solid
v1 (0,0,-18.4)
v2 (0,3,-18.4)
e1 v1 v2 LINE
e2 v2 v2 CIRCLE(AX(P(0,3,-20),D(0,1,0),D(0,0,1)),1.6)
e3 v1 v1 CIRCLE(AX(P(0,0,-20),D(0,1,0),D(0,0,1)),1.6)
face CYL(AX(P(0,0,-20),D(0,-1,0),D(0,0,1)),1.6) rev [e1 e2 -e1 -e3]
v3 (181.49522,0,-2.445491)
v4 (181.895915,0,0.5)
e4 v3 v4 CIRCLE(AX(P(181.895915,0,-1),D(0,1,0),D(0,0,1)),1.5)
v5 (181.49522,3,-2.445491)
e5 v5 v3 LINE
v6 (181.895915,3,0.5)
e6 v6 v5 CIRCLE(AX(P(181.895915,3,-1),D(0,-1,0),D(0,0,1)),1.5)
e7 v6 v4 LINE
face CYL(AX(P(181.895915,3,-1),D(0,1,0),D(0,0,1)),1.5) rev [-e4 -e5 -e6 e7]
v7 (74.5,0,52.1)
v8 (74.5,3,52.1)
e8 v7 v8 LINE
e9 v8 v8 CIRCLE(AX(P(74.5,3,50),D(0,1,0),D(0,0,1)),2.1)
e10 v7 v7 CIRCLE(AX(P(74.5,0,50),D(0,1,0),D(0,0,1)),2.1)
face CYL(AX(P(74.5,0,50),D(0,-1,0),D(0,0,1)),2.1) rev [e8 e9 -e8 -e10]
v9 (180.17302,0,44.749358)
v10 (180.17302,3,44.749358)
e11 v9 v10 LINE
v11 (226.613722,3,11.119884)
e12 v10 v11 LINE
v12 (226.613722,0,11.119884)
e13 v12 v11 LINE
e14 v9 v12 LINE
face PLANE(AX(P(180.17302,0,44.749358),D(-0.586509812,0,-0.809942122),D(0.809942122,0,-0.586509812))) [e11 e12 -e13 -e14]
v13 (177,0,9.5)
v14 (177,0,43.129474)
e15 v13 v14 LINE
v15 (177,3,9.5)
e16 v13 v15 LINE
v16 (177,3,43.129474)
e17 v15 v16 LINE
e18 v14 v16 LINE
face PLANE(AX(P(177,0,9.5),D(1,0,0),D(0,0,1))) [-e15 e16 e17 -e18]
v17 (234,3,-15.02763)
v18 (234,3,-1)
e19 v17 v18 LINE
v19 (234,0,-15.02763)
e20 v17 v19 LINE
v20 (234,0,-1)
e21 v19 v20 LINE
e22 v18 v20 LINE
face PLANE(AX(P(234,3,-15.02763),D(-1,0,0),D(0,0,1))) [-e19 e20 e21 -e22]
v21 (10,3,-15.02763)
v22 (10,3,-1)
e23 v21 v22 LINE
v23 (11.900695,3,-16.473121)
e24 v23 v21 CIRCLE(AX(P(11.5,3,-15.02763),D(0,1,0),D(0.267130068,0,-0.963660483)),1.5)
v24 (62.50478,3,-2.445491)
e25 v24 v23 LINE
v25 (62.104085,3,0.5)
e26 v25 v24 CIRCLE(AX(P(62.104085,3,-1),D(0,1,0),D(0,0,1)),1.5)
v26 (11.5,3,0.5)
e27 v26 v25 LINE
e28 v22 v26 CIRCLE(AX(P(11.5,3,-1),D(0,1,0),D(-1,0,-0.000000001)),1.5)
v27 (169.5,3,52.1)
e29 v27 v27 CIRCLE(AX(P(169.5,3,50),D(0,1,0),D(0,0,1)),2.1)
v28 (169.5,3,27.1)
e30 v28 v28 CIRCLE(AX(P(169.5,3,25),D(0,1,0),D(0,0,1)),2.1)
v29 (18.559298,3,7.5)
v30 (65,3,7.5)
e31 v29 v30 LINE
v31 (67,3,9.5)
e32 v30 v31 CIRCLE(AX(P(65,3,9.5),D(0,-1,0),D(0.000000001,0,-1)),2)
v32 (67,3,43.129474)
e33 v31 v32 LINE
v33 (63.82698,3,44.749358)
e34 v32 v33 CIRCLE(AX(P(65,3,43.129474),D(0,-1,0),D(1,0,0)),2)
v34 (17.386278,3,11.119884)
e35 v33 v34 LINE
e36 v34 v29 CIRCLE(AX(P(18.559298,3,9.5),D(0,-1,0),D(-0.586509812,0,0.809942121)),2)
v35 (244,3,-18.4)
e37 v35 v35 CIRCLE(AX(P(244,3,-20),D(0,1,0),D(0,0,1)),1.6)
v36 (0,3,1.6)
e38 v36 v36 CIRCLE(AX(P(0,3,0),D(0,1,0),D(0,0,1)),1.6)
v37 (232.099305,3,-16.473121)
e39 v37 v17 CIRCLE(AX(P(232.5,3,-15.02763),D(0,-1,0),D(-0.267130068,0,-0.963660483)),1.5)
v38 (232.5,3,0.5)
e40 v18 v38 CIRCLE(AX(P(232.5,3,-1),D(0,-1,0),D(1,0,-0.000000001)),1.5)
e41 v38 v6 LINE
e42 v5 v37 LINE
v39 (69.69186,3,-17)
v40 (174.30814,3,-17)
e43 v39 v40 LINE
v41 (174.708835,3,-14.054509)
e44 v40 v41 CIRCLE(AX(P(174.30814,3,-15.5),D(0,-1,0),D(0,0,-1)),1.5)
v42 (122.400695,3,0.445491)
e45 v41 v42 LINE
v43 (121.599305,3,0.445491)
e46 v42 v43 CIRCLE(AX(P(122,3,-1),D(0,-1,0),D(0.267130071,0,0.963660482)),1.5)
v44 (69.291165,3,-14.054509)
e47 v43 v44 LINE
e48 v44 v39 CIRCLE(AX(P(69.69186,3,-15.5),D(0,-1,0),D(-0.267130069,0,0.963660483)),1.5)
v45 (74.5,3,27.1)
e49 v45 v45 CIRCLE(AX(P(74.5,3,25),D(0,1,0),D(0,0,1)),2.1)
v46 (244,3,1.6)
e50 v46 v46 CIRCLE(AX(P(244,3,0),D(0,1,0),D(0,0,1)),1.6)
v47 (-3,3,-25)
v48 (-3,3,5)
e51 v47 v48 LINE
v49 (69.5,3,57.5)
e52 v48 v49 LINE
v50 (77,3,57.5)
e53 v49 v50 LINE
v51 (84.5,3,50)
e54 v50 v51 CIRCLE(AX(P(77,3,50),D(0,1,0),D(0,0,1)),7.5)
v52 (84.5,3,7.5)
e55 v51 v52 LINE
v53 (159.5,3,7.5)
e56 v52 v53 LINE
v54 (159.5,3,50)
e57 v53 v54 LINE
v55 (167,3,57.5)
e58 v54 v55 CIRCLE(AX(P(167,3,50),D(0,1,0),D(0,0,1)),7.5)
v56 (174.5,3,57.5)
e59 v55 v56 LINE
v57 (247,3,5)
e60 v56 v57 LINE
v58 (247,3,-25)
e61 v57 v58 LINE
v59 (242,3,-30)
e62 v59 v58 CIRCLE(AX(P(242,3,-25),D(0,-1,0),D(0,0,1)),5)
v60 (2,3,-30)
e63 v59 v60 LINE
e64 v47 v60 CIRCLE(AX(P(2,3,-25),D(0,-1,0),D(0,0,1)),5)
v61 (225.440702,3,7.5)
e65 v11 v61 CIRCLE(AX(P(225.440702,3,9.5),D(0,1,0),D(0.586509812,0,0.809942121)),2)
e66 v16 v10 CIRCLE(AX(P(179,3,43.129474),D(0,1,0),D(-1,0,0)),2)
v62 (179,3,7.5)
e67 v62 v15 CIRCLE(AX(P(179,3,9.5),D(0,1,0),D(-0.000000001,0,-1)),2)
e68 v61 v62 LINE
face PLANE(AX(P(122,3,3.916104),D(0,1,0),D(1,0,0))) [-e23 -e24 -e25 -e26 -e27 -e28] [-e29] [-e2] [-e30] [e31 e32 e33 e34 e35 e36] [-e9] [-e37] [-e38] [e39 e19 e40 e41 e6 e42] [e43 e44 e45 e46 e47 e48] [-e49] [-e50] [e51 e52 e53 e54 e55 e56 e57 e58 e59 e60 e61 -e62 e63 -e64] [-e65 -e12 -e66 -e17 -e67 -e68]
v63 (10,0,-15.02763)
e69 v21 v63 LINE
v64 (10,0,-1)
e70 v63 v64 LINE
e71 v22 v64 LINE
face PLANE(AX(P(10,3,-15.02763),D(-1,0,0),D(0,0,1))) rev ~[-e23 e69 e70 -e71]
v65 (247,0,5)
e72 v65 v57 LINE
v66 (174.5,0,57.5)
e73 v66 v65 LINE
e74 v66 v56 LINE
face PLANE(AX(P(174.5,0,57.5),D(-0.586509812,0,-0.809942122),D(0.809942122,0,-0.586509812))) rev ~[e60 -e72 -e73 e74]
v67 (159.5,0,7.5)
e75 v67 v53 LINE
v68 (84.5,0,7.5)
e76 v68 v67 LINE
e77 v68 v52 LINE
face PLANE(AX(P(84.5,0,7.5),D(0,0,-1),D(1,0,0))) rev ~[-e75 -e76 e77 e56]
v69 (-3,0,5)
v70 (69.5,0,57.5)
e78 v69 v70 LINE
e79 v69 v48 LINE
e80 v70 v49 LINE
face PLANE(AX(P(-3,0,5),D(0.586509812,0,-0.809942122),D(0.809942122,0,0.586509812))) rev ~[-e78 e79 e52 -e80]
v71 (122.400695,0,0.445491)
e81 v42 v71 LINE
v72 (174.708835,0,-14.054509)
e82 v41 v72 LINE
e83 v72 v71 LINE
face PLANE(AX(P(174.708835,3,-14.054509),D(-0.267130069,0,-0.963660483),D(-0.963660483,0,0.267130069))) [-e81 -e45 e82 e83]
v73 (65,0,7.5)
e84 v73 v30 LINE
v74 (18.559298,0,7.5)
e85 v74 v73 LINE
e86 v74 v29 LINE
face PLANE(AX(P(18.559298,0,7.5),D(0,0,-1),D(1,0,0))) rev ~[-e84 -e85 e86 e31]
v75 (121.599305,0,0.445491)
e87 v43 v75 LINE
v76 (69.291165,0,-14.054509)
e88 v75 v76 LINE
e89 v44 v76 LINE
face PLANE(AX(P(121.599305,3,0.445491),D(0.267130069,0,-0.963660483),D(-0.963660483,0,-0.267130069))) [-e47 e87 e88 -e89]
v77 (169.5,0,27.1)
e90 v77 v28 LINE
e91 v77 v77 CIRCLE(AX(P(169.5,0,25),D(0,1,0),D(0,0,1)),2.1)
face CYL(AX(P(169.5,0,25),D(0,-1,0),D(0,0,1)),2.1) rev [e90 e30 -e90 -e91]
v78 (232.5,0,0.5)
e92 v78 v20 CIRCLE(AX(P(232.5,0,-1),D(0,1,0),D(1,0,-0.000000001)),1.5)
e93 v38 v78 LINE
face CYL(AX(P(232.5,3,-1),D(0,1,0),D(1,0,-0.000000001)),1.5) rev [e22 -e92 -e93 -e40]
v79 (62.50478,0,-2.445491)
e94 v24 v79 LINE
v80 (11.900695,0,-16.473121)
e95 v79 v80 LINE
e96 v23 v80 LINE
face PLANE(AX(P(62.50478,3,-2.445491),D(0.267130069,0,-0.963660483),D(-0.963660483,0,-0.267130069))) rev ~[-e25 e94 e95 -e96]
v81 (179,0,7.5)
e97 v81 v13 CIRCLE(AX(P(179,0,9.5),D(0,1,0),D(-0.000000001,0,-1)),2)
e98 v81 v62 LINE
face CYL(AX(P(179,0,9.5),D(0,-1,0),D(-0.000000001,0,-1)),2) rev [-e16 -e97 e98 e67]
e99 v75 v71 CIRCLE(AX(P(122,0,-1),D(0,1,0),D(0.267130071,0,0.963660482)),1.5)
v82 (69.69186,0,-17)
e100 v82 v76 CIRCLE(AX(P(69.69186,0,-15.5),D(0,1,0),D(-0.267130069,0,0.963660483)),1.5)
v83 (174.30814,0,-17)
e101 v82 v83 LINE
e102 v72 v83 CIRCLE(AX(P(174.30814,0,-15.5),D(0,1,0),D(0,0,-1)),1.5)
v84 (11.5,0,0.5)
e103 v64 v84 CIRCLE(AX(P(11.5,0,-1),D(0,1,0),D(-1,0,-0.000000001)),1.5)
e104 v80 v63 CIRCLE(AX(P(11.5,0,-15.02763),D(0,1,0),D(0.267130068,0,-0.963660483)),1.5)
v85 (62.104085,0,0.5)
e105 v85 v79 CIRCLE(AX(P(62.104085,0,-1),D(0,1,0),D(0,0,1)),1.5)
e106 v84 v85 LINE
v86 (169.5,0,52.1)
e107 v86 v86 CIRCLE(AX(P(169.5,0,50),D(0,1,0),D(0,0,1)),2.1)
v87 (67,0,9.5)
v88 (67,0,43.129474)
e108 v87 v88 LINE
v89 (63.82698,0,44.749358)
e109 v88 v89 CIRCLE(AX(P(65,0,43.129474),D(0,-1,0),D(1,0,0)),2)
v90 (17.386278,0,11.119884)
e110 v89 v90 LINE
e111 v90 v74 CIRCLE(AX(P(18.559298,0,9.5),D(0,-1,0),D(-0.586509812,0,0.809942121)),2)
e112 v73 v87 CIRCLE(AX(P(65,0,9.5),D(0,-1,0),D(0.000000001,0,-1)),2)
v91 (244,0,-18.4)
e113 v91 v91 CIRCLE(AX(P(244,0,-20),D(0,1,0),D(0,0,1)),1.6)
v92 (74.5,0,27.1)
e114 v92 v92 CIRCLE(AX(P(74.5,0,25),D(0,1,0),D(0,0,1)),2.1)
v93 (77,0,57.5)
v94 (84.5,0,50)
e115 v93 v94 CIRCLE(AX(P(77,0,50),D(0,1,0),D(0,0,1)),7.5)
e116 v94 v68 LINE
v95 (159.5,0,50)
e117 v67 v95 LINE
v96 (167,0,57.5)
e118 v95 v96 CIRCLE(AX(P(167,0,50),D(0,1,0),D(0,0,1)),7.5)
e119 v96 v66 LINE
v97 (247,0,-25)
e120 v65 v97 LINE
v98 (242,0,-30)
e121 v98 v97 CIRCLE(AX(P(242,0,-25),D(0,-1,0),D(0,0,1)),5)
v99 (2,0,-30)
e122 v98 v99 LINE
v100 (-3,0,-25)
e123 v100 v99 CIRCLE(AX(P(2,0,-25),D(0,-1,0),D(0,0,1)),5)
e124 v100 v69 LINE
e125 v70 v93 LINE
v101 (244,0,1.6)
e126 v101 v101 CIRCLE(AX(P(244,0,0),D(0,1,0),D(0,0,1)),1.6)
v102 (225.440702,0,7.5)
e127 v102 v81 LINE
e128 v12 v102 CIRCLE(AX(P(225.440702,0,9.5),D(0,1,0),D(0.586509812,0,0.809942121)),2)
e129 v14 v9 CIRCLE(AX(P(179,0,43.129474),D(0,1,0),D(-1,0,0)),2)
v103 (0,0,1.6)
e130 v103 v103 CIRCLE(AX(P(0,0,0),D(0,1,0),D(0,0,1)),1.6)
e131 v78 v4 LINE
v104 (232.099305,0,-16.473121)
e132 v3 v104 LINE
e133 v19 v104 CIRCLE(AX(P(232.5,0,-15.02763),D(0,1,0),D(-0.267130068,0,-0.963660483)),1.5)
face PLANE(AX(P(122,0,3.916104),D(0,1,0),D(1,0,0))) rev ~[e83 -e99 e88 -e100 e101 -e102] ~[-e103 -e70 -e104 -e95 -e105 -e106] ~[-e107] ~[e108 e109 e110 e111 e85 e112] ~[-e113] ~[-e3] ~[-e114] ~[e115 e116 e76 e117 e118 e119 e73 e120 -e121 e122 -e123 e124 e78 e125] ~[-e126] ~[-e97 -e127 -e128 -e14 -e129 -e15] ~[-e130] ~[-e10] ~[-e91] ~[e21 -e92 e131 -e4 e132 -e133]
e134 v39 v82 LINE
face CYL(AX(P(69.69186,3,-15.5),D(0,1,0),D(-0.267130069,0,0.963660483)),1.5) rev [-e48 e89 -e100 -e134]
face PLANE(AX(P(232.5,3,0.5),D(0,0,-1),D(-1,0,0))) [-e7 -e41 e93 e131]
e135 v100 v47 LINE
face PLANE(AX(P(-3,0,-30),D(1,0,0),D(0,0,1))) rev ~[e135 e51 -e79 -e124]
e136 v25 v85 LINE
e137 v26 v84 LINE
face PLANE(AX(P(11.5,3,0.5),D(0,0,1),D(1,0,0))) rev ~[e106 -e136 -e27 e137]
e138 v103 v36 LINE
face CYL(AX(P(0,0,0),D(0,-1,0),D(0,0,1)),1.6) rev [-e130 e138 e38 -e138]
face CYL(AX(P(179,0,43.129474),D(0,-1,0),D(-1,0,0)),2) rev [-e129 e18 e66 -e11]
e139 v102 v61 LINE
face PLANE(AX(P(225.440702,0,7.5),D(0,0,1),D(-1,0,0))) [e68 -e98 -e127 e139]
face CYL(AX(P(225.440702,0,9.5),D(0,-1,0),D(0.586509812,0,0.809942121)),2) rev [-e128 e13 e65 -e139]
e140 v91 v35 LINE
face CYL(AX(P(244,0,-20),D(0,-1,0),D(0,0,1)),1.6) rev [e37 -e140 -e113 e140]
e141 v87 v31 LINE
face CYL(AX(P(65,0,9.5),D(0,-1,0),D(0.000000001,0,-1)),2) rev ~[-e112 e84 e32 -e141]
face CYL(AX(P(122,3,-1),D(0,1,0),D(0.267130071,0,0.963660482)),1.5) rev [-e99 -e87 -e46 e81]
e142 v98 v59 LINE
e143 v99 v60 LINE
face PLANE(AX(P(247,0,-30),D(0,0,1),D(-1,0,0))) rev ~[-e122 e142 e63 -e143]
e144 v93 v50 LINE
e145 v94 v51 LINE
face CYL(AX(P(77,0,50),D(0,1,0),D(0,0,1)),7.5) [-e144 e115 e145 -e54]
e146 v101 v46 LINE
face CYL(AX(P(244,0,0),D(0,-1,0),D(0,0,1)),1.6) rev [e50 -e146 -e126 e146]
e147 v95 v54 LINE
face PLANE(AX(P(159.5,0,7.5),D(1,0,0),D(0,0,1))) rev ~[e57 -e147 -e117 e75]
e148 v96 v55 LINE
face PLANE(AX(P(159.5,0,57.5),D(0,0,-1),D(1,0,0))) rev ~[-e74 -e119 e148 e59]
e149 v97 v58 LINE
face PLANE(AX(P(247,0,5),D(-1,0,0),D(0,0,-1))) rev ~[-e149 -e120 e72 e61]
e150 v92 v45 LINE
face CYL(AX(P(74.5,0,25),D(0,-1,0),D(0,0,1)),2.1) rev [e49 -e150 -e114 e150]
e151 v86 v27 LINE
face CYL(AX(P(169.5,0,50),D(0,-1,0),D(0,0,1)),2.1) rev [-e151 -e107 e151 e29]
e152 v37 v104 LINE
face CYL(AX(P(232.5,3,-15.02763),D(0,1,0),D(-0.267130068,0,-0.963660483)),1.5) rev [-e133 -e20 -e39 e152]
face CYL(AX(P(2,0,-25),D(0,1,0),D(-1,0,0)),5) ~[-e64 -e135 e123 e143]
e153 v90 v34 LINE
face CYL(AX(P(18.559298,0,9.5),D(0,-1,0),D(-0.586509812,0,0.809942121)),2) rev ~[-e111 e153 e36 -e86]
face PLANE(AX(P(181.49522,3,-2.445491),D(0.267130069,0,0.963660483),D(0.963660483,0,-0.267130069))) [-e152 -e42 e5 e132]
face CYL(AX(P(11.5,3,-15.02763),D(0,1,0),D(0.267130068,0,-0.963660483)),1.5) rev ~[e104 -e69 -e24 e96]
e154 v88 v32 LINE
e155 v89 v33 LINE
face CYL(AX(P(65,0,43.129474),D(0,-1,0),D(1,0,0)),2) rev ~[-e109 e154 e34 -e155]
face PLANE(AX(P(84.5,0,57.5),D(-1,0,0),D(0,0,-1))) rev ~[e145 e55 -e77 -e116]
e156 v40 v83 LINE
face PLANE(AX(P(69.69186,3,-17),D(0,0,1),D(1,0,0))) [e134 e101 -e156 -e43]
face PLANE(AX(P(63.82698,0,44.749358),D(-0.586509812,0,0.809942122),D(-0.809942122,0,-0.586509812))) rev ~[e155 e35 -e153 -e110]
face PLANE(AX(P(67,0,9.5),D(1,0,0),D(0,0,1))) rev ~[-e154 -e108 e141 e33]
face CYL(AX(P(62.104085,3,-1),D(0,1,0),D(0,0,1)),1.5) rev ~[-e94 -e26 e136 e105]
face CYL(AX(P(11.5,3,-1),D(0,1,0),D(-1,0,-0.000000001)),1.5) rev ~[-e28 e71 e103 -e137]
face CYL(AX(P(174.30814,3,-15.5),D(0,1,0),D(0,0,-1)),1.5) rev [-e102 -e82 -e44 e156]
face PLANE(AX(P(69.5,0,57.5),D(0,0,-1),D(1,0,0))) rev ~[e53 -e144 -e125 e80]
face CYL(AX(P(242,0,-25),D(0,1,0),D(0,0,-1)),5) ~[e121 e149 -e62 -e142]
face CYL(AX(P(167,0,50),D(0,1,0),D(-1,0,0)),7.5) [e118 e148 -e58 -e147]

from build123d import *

# Parameters (mm, degrees)
SKETCH_1_R          = 1.6
SKETCH_1_R_2        = 2.1
EXTRUDE_1_DEPTH     = 3
FILLET_1_R          = 5
FILLET_2_R          = 7.5
CUT_EXTRUDE_1_DEPTH = 254.622258487


with BuildPart() as part:
    # 草图1 → 凸台-拉伸1 (new body)
    with BuildSketch(Plane(origin=(0, 0, 0), x_dir=(1, 0, 0), z_dir=(0, 1, 0))):
        Polygon((-3, 30), (-3, -5), (69.5, -57.5), (84.5, -57.5), (84.5, -7.5), (159.5, -7.5), (159.5, -57.5), (174.5, -57.5), (247, -5), (247, 30), align=None)
        with Locations(Location((0, 20, 0), (0, 0, 270))):
            Circle(SKETCH_1_R, mode=Mode.SUBTRACT)
        with Locations(Location((0, 0, 0), (0, 0, 270))):
            Circle(SKETCH_1_R, mode=Mode.SUBTRACT)
        with Locations(Location((244, 20, 0), (0, 0, 270))):
            Circle(SKETCH_1_R, mode=Mode.SUBTRACT)
        with Locations(Location((244, 0, 0), (0, 0, 270))):
            Circle(SKETCH_1_R, mode=Mode.SUBTRACT)
        with Locations(Location((74.5, -25, 0), (0, 0, 270))):
            Circle(SKETCH_1_R_2, mode=Mode.SUBTRACT)
        with Locations(Location((169.5, -25, 0), (0, 0, 270))):
            Circle(SKETCH_1_R_2, mode=Mode.SUBTRACT)
        with Locations(Location((74.5, -50, 0), (0, 0, 270))):
            Circle(SKETCH_1_R_2, mode=Mode.SUBTRACT)
        with Locations(Location((169.5, -50, 0), (0, 0, 270))):
            Circle(SKETCH_1_R_2, mode=Mode.SUBTRACT)
        with BuildLine():
            Line((18.559297534, -7.5), (65, -7.5))
            ThreePointArc((65, -7.5), (66.414213562, -8.085786438), (67, -9.5))
            Line((67, -9.5), (67, -43.129474199))
            ThreePointArc((67, -43.129474199), (65.909384614, -44.910771374), (63.826980376, -44.749358442))
            Line((63.826980376, -44.749358442), (17.38627791, -11.119884243))
            ThreePointArc((17.38627791, -11.119884243), (16.656698196, -8.883464716), (18.559297534, -7.5))
        make_face(mode=Mode.SUBTRACT)
        with BuildLine():
            Line((180.173019624, -44.749358442), (226.61372209, -11.119884243))
            ThreePointArc((226.61372209, -11.119884243), (227.343301804, -8.883464716), (225.440702466, -7.5))
            Line((225.440702466, -7.5), (179, -7.5))
            ThreePointArc((179, -7.5), (177.585786438, -8.085786438), (177, -9.5))
            Line((177, -9.5), (177, -43.129474199))
            ThreePointArc((177, -43.129474199), (178.090615386, -44.910771374), (180.173019624, -44.749358442))
        make_face(mode=Mode.SUBTRACT)
    extrude(amount=EXTRUDE_1_DEPTH)

    # 圆角1
    fillet_1_edges = [part.edges().sort_by_distance(p)[0] for p in [
        (247, 1.5, -30),
        (-3, 1.5, -30),
    ]]
    fillet(fillet_1_edges, radius=FILLET_1_R)

    # 圆角2
    fillet_2_edges = [part.edges().sort_by_distance(p)[0] for p in [
        (159.5, 1.5, 57.5),
        (84.5, 1.5, 57.5),
    ]]
    fillet(fillet_2_edges, radius=FILLET_2_R)

    # 草图3 → 切除-拉伸1 (cut, through all)
    with BuildSketch(Plane(origin=(0, 3, 0), x_dir=(1, 0, 0), z_dir=(0, 1, 0))):
        with BuildLine():
            Line((10, 15.02762992), (10, 1))
            ThreePointArc((10, 1), (10.439339828, -0.060660172), (11.5, -0.5))
            Line((11.5, -0.5), (62.104084647, -0.5))
            ThreePointArc((62.104084647, -0.5), (63.590394858, 0.79780713), (62.50477975, 2.445490724))
            Line((62.50477975, 2.445490724), (11.900695103, 16.473120645))
            ThreePointArc((11.900695103, 16.473120645), (10.591991921, 16.221581899), (10, 15.02762992))
        make_face()
        with BuildLine():
            Line((69.691860168, 17), (174.308139832, 17))
            ThreePointArc((174.308139832, 17), (175.794450043, 15.70219287), (174.708834935, 14.054509276))
            Line((174.708834935, 14.054509276), (122.400695103, -0.445490724))
            ThreePointArc((122.400695103, -0.445490724), (122, -0.5), (121.599304897, -0.445490724))
            Line((121.599304897, -0.445490724), (69.291165065, 14.054509276))
            ThreePointArc((69.291165065, 14.054509276), (68.205549957, 15.70219287), (69.691860168, 17))
        make_face()
        with BuildLine():
            Line((232.5, -0.5), (181.895915353, -0.5))
            ThreePointArc((181.895915353, -0.5), (180.409605142, 0.79780713), (181.49522025, 2.445490724))
            Line((181.49522025, 2.445490724), (232.099304897, 16.473120645))
            ThreePointArc((232.099304897, 16.473120645), (233.408008079, 16.221581899), (234, 15.02762992))
            Line((234, 15.02762992), (234, 1))
            ThreePointArc((234, 1), (233.560660172, -0.060660172), (232.5, -0.5))
        make_face()
    extrude(amount=-CUT_EXTRUDE_1_DEPTH, mode=Mode.SUBTRACT)


solid = part.part
